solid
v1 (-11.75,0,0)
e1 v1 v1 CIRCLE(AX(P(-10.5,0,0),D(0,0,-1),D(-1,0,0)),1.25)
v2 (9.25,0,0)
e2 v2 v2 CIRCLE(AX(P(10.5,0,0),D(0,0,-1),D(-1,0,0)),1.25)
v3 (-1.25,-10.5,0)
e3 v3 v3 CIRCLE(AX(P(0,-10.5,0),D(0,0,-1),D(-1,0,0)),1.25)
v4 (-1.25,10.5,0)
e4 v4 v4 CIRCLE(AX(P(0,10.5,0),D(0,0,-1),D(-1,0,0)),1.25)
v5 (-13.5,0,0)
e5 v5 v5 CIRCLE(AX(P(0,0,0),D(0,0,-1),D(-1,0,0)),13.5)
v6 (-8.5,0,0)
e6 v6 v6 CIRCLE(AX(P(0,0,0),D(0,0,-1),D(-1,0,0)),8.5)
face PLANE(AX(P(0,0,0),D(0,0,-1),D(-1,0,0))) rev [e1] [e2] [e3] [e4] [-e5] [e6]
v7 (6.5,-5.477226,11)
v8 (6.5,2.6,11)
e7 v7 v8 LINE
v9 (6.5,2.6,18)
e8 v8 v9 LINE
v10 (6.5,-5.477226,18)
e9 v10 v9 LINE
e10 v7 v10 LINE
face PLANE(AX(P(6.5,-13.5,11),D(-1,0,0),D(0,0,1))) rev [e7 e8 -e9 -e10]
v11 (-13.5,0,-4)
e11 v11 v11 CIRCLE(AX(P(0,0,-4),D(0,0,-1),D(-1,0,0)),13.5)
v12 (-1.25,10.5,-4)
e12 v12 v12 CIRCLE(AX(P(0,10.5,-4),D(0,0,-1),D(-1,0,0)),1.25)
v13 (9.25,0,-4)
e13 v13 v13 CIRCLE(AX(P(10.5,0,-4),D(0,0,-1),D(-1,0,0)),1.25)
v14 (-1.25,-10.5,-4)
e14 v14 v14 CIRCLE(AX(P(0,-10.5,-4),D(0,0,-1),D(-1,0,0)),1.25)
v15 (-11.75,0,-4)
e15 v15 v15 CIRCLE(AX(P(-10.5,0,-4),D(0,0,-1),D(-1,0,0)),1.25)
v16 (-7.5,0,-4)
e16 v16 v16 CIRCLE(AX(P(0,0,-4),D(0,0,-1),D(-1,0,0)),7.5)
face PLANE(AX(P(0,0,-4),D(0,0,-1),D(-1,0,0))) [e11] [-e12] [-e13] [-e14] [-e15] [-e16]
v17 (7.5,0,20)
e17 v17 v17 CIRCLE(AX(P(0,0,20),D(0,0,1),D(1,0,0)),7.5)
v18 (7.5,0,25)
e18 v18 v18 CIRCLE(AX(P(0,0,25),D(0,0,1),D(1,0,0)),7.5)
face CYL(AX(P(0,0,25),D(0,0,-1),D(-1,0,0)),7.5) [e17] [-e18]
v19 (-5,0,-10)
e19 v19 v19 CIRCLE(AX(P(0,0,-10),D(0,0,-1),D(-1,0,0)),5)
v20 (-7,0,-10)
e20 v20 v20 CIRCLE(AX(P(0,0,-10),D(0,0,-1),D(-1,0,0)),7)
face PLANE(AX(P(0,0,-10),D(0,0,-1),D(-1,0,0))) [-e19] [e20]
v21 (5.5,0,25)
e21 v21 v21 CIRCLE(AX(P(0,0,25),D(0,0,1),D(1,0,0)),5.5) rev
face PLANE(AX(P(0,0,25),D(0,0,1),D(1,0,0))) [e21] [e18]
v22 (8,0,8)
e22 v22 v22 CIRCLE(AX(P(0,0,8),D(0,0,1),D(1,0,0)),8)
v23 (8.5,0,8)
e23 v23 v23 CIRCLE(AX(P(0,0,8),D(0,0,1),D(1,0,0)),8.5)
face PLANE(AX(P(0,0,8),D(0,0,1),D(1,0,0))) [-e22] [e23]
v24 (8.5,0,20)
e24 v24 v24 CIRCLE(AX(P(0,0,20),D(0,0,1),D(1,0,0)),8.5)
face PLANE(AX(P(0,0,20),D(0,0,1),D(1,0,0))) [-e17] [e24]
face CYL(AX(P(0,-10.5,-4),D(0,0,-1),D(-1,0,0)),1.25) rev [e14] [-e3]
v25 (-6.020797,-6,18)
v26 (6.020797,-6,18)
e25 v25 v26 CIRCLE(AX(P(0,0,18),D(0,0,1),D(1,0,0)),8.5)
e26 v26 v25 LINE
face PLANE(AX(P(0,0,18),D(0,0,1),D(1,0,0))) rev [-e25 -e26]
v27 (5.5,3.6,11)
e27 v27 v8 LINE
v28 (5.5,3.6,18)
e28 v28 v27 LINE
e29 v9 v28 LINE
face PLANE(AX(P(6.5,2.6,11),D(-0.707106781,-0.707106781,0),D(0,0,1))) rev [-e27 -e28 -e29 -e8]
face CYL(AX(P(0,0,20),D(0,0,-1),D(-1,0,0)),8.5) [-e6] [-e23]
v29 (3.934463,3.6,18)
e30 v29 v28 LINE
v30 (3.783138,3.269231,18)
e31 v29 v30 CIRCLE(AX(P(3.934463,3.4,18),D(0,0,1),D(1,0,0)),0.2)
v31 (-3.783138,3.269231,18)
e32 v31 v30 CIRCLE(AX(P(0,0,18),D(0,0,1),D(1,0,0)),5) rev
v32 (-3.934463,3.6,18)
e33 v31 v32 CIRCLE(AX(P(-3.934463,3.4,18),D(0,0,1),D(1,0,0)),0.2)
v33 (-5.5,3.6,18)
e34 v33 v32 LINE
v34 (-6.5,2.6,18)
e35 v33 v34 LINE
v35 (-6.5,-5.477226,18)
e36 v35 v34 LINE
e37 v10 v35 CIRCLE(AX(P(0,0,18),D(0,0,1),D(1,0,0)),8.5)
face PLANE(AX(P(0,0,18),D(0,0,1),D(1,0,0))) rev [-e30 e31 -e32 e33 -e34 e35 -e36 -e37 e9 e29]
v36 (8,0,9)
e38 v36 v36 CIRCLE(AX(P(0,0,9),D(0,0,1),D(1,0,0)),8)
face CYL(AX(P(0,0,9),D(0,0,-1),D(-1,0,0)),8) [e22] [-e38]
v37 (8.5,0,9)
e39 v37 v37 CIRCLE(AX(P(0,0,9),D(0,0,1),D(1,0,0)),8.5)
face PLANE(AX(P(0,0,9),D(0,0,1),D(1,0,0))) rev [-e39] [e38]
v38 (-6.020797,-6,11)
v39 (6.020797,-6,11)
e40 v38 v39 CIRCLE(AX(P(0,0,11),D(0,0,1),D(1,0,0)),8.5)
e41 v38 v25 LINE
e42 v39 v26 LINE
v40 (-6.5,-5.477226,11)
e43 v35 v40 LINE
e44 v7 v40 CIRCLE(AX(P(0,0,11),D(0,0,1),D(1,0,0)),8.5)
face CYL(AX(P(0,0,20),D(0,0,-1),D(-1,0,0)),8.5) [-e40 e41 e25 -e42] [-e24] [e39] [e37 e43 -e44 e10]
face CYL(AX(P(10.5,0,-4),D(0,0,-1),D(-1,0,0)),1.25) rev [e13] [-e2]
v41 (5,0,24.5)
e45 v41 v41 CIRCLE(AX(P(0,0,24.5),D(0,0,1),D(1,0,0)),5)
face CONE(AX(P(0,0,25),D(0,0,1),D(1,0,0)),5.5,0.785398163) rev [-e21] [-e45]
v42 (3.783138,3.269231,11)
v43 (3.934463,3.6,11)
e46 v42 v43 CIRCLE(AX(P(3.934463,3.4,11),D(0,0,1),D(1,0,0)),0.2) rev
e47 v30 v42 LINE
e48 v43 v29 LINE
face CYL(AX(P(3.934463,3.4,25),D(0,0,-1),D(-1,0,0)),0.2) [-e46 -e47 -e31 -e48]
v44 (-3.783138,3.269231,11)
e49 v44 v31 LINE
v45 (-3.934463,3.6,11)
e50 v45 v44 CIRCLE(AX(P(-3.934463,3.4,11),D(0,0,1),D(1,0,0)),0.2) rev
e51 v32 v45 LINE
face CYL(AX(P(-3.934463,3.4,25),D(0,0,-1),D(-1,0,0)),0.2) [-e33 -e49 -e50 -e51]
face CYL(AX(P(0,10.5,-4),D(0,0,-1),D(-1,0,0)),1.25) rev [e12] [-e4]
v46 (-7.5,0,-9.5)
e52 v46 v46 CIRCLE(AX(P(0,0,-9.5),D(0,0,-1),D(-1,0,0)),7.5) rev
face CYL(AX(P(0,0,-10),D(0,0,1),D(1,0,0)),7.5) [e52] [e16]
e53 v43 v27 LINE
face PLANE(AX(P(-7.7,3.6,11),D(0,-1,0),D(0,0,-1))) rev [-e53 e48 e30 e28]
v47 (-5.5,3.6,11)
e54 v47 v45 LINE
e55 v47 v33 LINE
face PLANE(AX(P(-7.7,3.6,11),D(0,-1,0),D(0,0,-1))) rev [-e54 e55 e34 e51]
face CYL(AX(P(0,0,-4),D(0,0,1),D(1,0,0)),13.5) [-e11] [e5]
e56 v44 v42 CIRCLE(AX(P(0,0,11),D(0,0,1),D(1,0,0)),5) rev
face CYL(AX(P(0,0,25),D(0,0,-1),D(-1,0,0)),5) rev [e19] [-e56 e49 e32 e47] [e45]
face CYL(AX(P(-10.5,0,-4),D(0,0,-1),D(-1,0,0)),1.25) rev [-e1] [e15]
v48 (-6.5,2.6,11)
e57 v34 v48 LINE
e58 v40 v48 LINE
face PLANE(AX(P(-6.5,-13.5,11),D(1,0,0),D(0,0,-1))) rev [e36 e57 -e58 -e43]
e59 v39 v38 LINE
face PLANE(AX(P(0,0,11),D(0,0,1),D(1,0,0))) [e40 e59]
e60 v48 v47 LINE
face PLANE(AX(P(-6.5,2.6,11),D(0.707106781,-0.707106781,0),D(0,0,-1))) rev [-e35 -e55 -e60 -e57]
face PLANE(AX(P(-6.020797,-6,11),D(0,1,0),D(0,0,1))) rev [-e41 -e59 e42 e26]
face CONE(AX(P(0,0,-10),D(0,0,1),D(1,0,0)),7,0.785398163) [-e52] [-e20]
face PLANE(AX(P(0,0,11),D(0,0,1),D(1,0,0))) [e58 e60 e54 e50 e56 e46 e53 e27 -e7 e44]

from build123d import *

# Parameters (mm, degrees)
SKETCH_1_R             = 8.5
EXTRUDE_1_DEPTH        = 20
SKETCH_2_R             = 7.5
EXTRUDE_2_DEPTH        = 5
SKETCH_3_R             = 8.5
SKETCH_3_R_2           = 8
CUT_EXTRUDE_1_DEPTH    = 1
SKETCH_5_R             = 13.5
EXTRUDE_3_DEPTH        = 4
SKETCH_7_R             = 7.5
EXTRUDE_4_DEPTH        = 6
SKETCH_9_R             = 5
CUT_EXTRUDE_3_DEPTH    = 36
CHAMFER_2_SIZE         = 0.5
CUT_EXTRUDE_4_DEPTH    = 7
SKETCH_12_W            = 4
SKETCH_12_H            = 7
CUT_EXTRUDE_5_DEPTH    = 18.1
CHAMFER_3_SIZE         = 0.5
CHAMFER_4_SIZE         = 1
FILLET_1_R             = 0.2
HOLE_WIZARD_M3_1_D     = 2.5
HOLE_WIZARD_M3_1_DEPTH = 4


with BuildPart() as part:
    # 草图1 → 凸台-拉伸1 (new body)
    with BuildSketch(Plane.XY):
        Circle(SKETCH_1_R)
    extrude(amount=EXTRUDE_1_DEPTH)

    # 草图2 → 凸台-拉伸2 (add)
    with BuildSketch(Plane.XY.offset(20)):
        Circle(SKETCH_2_R)
    extrude(amount=EXTRUDE_2_DEPTH)

    # 草图3 → 切除-拉伸1 (cut)
    with BuildSketch(Plane.XY.offset(8)):
        Circle(SKETCH_3_R)
        Circle(SKETCH_3_R_2, mode=Mode.SUBTRACT)
    extrude(amount=CUT_EXTRUDE_1_DEPTH, mode=Mode.SUBTRACT)

    # 草图5 → 凸台-拉伸3 (add)
    with BuildSketch(Plane(origin=(0, 0, 0), x_dir=(-1, 0, 0), z_dir=(0, 0, -1))):
        Circle(SKETCH_5_R)
    extrude(amount=EXTRUDE_3_DEPTH)

    # 草图7 → 凸台-拉伸4 (add)
    with BuildSketch(Plane(origin=(0, 0, -4), x_dir=(-1, 0, 0), z_dir=(0, 0, -1))):
        Circle(SKETCH_7_R)
    extrude(amount=EXTRUDE_4_DEPTH)

    # 草图9 → 切除-拉伸3 (cut, through all)
    with BuildSketch(Plane(origin=(0, 0, -10), x_dir=(-1, 0, 0), z_dir=(0, 0, -1))):
        Circle(SKETCH_9_R)
    extrude(amount=-CUT_EXTRUDE_3_DEPTH, mode=Mode.SUBTRACT)

    # 倒角2
    chamfer_2_edges = [part.edges().sort_by_distance(p)[0] for p in [
        (7.5, 0, -10),
    ]]
    chamfer(chamfer_2_edges, length=CHAMFER_2_SIZE)

    # 草图10 → 切除-拉伸4 (cut)
    with BuildSketch(Plane.XY.offset(18)):
        with BuildLine():
            Line((-7.7, 3.6), (7.7, 3.6))
            ThreePointArc((7.7, 3.6), (0, 8.5), (-7.7, 3.6))
        make_face()
        with BuildLine():
            Line((-6.020797289, -6), (6.020797289, -6))
            ThreePointArc((6.020797289, -6), (0, -8.5), (-6.020797289, -6))
        make_face()
    extrude(amount=-CUT_EXTRUDE_4_DEPTH, mode=Mode.SUBTRACT)

    # 草图12 → 切除-拉伸5 (cut, through all)
    with BuildSketch(Plane(origin=(0, 3.6, 0), x_dir=(1, 0, 0), z_dir=(0, 1, 0))):
        with Locations((-8.5, -14.5)):
            Rectangle(SKETCH_12_W, SKETCH_12_H)
        with Locations((8.5, -14.5)):
            Rectangle(SKETCH_12_W, SKETCH_12_H)
    extrude(amount=-CUT_EXTRUDE_5_DEPTH, mode=Mode.SUBTRACT)

    # 倒角3
    chamfer_3_edges = [part.edges().sort_by_distance(p)[0] for p in [
        (5, 0, 25),
    ]]
    chamfer(chamfer_3_edges, length=CHAMFER_3_SIZE)

    # 倒角4
    chamfer_4_edges = [part.edges().sort_by_distance(p)[0] for p in [
        (-6.5, 3.6, 14.5),
        (6.5, 3.6, 14.5),
    ]]
    chamfer(chamfer_4_edges, length=CHAMFER_4_SIZE)

    # 圆角1
    fillet_1_edges = [part.edges().sort_by_distance(p)[0] for p in [
        (3.469870315, 3.6, 14.5),
        (-3.469870315, 3.6, 14.5),
    ]]
    fillet(fillet_1_edges, radius=FILLET_1_R)

    # M3 螺纹孔1
    with Locations(Plane(origin=(0, 0, -4), x_dir=(-1, 0, 0), z_dir=(0, 0, -1))):
        with Locations((-10.5, 0), (0, 10.5), (10.5, 0), (0, -10.5)):
            Hole(HOLE_WIZARD_M3_1_D / 2, depth=HOLE_WIZARD_M3_1_DEPTH)


solid = part.part
